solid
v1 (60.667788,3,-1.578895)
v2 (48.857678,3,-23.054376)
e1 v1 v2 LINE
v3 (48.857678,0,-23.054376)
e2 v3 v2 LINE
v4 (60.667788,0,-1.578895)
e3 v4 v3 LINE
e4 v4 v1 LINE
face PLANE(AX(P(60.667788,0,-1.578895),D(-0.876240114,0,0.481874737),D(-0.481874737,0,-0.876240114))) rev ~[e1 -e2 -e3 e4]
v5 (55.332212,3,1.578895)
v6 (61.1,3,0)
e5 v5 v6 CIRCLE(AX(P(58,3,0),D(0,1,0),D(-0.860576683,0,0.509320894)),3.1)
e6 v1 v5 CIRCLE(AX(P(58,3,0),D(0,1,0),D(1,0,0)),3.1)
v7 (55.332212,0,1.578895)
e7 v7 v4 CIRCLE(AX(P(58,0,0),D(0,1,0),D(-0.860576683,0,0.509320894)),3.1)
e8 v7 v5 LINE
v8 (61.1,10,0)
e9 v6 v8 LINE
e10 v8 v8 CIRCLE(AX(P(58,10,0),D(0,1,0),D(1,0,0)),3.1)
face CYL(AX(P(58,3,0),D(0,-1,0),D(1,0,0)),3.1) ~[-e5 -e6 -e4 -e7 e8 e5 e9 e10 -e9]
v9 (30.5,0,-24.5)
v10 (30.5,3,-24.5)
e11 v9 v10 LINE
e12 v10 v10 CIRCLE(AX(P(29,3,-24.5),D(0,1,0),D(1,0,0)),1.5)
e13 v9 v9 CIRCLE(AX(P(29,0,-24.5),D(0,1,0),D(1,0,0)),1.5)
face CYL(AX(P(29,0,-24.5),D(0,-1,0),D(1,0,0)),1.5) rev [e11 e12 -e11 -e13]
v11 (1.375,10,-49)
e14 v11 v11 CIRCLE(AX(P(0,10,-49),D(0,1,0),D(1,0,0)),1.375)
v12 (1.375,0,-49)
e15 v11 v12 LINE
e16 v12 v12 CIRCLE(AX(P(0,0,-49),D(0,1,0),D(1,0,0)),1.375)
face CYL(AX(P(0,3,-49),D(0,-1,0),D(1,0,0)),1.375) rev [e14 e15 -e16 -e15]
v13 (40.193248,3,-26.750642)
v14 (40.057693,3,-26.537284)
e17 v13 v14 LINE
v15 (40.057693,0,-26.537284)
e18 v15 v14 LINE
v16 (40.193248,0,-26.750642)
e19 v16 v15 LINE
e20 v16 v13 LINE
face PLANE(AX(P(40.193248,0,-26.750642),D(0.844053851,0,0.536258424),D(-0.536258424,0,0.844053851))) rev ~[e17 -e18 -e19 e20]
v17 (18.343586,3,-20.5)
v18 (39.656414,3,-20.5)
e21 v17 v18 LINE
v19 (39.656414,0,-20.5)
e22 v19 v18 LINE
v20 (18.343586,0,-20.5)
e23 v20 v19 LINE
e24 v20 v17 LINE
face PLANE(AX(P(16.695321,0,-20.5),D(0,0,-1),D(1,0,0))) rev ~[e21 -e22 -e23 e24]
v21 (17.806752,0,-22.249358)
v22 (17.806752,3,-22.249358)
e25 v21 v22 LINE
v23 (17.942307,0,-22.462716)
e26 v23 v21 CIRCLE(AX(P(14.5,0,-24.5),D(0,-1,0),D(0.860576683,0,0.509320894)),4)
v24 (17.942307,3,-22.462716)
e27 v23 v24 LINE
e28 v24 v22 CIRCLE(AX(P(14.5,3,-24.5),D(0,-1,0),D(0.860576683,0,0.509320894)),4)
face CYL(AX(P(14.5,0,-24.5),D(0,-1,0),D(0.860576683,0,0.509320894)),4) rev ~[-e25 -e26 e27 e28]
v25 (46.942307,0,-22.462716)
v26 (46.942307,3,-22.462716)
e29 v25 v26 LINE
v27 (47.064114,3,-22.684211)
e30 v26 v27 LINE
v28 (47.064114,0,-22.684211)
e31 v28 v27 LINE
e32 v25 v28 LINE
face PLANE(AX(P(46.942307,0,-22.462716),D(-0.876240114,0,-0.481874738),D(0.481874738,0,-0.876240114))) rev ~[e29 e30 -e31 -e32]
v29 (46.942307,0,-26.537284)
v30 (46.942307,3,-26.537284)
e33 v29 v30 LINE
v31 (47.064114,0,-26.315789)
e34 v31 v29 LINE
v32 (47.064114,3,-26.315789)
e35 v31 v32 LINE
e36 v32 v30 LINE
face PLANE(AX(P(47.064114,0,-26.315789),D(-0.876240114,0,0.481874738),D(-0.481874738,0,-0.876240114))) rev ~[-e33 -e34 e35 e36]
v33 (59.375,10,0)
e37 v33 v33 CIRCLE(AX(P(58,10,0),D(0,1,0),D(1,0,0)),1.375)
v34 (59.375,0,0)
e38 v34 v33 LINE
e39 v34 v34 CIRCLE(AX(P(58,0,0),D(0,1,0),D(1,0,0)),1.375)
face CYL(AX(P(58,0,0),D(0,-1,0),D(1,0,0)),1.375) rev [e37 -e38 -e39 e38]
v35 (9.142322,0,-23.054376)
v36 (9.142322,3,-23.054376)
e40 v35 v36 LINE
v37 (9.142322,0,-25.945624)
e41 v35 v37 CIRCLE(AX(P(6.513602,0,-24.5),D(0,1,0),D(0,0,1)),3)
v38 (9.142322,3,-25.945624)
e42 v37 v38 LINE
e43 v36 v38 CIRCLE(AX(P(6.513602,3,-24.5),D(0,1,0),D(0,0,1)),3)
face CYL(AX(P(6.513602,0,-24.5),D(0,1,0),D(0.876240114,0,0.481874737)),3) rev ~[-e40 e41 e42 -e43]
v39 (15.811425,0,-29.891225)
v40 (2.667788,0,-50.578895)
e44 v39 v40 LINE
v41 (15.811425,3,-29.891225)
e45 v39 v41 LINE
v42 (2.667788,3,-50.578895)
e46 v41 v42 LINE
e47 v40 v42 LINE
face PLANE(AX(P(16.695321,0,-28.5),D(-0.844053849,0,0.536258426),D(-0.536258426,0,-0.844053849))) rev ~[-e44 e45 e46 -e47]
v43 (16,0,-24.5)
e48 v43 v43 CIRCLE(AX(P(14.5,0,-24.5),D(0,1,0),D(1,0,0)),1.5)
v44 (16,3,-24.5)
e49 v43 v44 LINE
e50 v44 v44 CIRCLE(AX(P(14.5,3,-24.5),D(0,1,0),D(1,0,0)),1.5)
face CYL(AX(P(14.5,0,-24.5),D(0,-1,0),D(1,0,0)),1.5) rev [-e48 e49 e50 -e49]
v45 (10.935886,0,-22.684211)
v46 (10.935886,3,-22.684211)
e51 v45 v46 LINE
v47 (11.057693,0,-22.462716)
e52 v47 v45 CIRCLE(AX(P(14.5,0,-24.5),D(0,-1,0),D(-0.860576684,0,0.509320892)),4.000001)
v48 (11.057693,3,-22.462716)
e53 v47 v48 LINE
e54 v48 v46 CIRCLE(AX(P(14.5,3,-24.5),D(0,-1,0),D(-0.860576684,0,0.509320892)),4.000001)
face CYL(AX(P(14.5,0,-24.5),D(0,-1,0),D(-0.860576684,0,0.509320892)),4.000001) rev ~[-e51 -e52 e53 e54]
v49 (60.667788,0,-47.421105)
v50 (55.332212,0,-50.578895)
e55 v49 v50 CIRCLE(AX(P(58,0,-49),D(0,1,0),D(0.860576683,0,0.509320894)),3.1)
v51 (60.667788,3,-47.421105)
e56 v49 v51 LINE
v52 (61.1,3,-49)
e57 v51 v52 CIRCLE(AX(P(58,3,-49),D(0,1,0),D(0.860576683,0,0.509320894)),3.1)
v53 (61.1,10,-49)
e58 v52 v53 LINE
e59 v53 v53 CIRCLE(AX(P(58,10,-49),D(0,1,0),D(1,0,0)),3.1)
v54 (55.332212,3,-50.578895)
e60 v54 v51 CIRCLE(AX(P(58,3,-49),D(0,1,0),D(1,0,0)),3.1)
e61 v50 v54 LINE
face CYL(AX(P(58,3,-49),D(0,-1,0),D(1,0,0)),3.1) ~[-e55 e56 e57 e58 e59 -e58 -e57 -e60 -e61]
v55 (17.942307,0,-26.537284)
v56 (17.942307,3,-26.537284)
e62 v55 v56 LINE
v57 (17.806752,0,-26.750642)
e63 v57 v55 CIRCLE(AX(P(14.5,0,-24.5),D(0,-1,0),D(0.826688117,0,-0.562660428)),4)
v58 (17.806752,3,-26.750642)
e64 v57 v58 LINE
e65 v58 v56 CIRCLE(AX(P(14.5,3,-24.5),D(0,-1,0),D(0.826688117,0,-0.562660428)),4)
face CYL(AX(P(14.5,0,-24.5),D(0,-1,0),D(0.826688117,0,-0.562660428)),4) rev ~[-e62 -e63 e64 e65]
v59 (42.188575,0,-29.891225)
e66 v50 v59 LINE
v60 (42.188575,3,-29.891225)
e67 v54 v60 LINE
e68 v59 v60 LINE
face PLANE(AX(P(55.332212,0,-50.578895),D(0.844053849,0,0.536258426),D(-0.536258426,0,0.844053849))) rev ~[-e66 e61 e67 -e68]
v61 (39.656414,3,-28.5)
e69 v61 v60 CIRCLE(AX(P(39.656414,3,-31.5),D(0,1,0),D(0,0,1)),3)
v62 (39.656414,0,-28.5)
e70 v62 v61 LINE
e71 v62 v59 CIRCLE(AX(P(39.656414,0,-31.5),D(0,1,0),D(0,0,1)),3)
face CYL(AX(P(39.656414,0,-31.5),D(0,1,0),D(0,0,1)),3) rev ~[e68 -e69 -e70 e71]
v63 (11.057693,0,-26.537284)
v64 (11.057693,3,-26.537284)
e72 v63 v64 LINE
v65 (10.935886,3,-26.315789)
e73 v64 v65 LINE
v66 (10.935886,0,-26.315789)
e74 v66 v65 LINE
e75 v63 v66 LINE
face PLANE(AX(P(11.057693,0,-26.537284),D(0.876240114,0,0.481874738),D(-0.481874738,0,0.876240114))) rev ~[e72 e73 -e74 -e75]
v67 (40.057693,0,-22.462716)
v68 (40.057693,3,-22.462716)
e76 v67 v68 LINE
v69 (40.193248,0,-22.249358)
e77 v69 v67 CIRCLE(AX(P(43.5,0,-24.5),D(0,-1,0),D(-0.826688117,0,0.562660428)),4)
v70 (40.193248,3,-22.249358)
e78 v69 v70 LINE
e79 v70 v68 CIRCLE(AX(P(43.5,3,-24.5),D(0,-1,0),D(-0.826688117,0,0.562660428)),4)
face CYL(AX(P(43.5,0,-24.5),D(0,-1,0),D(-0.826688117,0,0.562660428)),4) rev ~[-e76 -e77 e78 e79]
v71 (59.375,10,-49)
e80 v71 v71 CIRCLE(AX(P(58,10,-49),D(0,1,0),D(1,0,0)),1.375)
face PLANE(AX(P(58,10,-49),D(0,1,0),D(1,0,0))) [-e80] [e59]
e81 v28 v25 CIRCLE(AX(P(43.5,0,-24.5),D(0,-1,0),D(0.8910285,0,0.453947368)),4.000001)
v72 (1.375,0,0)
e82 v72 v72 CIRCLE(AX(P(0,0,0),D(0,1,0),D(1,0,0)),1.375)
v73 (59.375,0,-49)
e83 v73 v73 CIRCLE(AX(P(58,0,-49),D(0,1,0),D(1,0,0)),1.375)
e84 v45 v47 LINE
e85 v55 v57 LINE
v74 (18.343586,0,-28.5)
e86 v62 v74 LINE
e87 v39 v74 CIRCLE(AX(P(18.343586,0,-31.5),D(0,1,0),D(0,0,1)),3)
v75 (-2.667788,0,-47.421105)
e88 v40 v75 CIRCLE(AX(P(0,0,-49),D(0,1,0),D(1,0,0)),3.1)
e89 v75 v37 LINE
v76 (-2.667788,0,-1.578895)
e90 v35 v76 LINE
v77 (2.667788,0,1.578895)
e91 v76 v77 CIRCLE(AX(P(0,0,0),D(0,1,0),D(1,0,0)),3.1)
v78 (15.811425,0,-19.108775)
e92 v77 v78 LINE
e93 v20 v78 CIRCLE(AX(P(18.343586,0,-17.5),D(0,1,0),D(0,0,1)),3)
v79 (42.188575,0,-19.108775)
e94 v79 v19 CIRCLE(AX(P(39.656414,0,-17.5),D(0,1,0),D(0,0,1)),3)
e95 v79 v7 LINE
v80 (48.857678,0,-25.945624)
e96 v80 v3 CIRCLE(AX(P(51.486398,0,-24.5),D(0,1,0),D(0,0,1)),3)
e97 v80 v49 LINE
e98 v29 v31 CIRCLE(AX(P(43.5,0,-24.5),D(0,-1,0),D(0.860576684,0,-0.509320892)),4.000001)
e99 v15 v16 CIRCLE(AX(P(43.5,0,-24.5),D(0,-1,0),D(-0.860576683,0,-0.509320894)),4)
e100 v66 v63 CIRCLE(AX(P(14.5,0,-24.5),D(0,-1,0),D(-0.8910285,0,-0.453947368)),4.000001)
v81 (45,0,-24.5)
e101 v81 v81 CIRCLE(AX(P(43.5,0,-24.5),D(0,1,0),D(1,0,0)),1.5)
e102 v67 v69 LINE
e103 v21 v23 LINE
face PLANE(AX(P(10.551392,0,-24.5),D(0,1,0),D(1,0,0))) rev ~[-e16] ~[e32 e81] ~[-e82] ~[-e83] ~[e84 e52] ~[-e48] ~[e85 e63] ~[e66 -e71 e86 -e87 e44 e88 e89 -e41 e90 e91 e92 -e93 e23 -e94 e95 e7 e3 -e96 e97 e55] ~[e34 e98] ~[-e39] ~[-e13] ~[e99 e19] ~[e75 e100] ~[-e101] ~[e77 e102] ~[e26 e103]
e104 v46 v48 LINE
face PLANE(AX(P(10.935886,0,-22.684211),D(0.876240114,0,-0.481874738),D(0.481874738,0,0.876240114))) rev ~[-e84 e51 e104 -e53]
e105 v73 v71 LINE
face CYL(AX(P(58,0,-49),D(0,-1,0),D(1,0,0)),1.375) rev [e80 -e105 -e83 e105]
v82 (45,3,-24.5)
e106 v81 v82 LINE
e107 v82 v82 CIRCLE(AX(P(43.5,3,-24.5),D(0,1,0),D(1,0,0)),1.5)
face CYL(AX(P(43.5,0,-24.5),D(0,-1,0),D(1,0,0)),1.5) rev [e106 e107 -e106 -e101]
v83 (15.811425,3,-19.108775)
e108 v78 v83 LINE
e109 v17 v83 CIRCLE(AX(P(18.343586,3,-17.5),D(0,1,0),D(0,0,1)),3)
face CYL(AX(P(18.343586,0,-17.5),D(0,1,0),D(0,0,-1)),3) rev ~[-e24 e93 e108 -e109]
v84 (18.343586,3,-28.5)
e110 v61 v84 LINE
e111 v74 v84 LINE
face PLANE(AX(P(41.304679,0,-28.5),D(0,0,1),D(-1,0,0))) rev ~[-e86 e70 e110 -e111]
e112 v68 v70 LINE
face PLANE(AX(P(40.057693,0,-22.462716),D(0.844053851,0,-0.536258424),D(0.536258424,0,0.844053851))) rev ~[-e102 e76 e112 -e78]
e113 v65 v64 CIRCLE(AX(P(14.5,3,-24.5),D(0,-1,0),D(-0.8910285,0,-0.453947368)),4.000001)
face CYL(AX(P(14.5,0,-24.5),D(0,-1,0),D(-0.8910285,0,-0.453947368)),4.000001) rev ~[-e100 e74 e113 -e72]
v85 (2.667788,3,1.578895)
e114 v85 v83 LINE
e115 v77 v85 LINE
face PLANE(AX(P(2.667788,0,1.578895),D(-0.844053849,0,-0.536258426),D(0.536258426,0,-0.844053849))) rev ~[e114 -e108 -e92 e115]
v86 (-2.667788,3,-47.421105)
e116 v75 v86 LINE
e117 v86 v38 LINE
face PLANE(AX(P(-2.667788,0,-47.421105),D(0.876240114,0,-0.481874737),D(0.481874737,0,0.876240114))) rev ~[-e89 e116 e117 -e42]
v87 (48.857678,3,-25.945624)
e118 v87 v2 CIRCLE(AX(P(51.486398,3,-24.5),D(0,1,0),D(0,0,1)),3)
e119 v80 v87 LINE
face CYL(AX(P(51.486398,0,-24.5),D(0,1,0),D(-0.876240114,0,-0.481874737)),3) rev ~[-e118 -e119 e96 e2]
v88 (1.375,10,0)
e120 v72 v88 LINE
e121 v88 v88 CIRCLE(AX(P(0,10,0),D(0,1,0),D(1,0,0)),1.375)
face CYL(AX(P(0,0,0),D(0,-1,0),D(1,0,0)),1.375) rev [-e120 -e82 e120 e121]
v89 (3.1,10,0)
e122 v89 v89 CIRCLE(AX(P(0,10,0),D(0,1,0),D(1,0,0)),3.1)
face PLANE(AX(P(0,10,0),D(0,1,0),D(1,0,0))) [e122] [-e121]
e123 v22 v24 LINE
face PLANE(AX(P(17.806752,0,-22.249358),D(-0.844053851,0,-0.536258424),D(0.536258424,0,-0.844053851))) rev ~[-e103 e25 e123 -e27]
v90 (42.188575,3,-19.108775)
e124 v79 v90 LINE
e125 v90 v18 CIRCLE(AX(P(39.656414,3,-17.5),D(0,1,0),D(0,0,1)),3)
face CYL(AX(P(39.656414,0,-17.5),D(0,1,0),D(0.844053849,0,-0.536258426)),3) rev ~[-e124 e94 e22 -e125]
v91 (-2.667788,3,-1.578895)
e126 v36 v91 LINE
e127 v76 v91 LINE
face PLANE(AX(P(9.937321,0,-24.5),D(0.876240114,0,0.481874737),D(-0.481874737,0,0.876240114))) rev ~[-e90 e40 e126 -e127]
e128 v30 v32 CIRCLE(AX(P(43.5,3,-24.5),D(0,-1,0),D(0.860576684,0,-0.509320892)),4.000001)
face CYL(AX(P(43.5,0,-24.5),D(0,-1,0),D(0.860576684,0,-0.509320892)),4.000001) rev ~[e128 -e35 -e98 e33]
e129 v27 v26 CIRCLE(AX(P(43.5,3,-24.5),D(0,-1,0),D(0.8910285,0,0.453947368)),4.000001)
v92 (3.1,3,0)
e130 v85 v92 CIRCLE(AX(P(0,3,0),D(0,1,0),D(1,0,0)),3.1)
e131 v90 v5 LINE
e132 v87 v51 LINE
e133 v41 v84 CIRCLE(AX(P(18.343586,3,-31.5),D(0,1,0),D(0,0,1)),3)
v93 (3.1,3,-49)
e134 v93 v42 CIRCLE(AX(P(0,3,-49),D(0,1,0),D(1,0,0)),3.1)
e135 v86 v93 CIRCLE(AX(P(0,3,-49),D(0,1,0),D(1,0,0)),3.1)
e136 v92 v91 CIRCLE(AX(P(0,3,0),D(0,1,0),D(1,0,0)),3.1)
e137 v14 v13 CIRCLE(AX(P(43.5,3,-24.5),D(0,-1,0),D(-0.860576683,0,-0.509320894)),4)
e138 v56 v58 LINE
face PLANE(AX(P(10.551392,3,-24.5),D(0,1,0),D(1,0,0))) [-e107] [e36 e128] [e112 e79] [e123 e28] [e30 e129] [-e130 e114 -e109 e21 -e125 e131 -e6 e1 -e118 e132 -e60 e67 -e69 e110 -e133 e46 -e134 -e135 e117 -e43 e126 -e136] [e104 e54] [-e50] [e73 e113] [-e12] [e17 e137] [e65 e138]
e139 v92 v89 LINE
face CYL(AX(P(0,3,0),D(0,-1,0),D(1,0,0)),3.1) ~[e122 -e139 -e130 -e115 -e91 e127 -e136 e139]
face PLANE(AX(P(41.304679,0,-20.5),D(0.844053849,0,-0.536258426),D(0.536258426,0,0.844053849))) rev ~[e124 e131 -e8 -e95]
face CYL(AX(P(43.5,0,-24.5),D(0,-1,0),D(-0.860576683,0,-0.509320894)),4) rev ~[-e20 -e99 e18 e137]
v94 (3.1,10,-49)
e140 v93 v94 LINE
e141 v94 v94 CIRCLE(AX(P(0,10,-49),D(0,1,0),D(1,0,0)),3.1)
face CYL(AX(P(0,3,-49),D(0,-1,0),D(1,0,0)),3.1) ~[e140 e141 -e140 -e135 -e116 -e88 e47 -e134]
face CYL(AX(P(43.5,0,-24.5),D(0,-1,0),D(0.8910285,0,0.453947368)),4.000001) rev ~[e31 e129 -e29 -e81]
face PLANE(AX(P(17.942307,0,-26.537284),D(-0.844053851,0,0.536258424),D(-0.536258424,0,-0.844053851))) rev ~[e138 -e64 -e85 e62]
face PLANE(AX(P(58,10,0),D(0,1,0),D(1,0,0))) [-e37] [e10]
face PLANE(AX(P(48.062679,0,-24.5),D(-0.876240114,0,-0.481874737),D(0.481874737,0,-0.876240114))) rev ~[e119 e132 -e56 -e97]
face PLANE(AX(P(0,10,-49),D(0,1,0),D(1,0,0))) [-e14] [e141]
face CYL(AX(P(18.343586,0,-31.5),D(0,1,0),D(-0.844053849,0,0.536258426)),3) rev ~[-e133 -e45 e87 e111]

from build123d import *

# Parameters (mm, degrees)
SKETCH1_R           = 1.5
SKETCH1_R_2         = 4
SKETCH1_R_3         = 3.1
SKETCH1_R_4         = 1.375
BOSS_EXTRUDE1_DEPTH = 3
SKETCH2_R           = 3.1
SKETCH2_R_2         = 1.375
BOSS_EXTRUDE2_DEPTH = 7
FILLET4_R           = 3


with BuildPart() as part:
    # Sketch1 → Boss-Extrude1 (new body)
    with BuildSketch(Plane(origin=(0, 0, 0), x_dir=(1, 0, 0), z_dir=(0, 1, 0))):
        with BuildLine():
            ThreePointArc((10.93588599, 22.68421055), (10.5, 24.5), (10.93588599, 26.31578945))
            Line((10.93588599, 26.31578945), (9.937320588, 24.5))
            Line((9.937320588, 24.5), (10.93588599, 22.68421055))
        make_face()
        with BuildLine():
            Line((16.695320866, 28.5), (14.5, 28.5))
            ThreePointArc((14.5, 28.5), (16.370485645, 28.035715409), (17.806752459, 26.750641726))
            Line((17.806752459, 26.750641726), (16.695320866, 28.5))
        make_face()
        with BuildLine():
            Line((14.5, 20.5), (16.695320866, 20.5))
            Line((16.695320866, 20.5), (17.806752459, 22.249358274))
            ThreePointArc((17.806752459, 22.249358274), (16.370485645, 20.964284591), (14.5, 20.5))
        make_face()
        with BuildLine():
            ThreePointArc((17.806752459, 26.750641726), (16.370485645, 28.035715409), (14.5, 28.5))
            ThreePointArc((14.5, 28.5), (12.518729486, 27.974847788), (11.057693269, 26.537283576))
            Line((11.057693269, 26.537283576), (10.93588599, 26.31578945))
            ThreePointArc((10.93588599, 26.31578945), (10.5, 24.5), (10.93588599, 22.68421055))
            Line((10.93588599, 22.68421055), (11.057693269, 22.462716424))
            ThreePointArc((11.057693269, 22.462716424), (12.518729486, 21.025152212), (14.5, 20.5))
            ThreePointArc((14.5, 20.5), (16.370485645, 20.964284591), (17.806752459, 22.249358274))
            Line((17.806752459, 22.249358274), (17.942306731, 22.462716424))
            ThreePointArc((17.942306731, 22.462716424), (18.35805825, 23.443881381), (18.5, 24.5))
            ThreePointArc((18.5, 24.5), (18.35805825, 25.556118619), (17.942306731, 26.537283576))
            Line((17.942306731, 26.537283576), (17.806752459, 26.750641726))
        make_face()
        with Locations((14.5, 24.5)):
            Circle(SKETCH1_R, mode=Mode.SUBTRACT)
        with BuildLine():
            Line((29, 28.5), (16.695320866, 28.5))
            Line((16.695320866, 28.5), (17.806752459, 26.750641726))
            ThreePointArc((17.806752459, 26.750641726), (17.876215398, 26.645033703), (17.942306731, 26.537283576))
            ThreePointArc((17.942306731, 26.537283576), (18.35805825, 25.556118619), (18.5, 24.5))
            ThreePointArc((18.5, 24.5), (18.35805825, 23.443881381), (17.942306731, 22.462716424))
            ThreePointArc((17.942306731, 22.462716424), (17.876215398, 22.354966297), (17.806752459, 22.249358274))
            Line((17.806752459, 22.249358274), (16.695320866, 20.5))
            Line((16.695320866, 20.5), (29, 20.5))
            ThreePointArc((29, 20.5), (25, 24.5), (29, 28.5))
        make_face()
        with Locations((29, 24.5)):
            Circle(SKETCH1_R_2)
        with Locations((29, 24.5)):
            Circle(SKETCH1_R, mode=Mode.SUBTRACT)
        with BuildLine():
            Line((41.304679134, 28.5), (29, 28.5))
            ThreePointArc((29, 28.5), (31.828427125, 27.328427125), (33, 24.5))
            ThreePointArc((33, 24.5), (31.828427125, 21.671572875), (29, 20.5))
            Line((29, 20.5), (41.304679134, 20.5))
            Line((41.304679134, 20.5), (40.193247541, 22.249358274))
            ThreePointArc((40.193247541, 22.249358274), (40.123784602, 22.354966297), (40.057693269, 22.462716424))
            ThreePointArc((40.057693269, 22.462716424), (39.5, 24.5), (40.057693269, 26.537283576))
            ThreePointArc((40.057693269, 26.537283576), (40.123784602, 26.645033703), (40.193247541, 26.750641726))
            Line((40.193247541, 26.750641726), (41.304679134, 28.5))
        make_face()
        with BuildLine():
            Line((40.193247541, 22.249358274), (41.304679134, 20.5))
            Line((41.304679134, 20.5), (43.5, 20.5))
            ThreePointArc((43.5, 20.5), (41.629514355, 20.964284591), (40.193247541, 22.249358274))
        make_face()
        with BuildLine():
            Line((43.5, 28.5), (41.304679134, 28.5))
            Line((41.304679134, 28.5), (40.193247541, 26.750641726))
            ThreePointArc((40.193247541, 26.750641726), (41.629514355, 28.035715409), (43.5, 28.5))
        make_face()
        with BuildLine():
            Line((48.062679412, 24.5), (47.06411401, 26.31578945))
            ThreePointArc((47.06411401, 26.31578945), (47.389502284, 25.433687303), (47.5, 24.5))
            ThreePointArc((47.5, 24.5), (47.389502284, 23.566312697), (47.06411401, 22.68421055))
            Line((47.06411401, 22.68421055), (48.062679412, 24.5))
        make_face()
        with BuildLine():
            ThreePointArc((46.942306731, 26.537283576), (45.481270514, 27.974847788), (43.5, 28.5))
            ThreePointArc((43.5, 28.5), (41.629514355, 28.035715409), (40.193247541, 26.750641726))
            Line((40.193247541, 26.750641726), (40.057693269, 26.537283576))
            ThreePointArc((40.057693269, 26.537283576), (39.5, 24.5), (40.057693269, 22.462716424))
            Line((40.057693269, 22.462716424), (40.193247541, 22.249358274))
            ThreePointArc((40.193247541, 22.249358274), (41.629514355, 20.964284591), (43.5, 20.5))
            ThreePointArc((43.5, 20.5), (45.481270514, 21.025152212), (46.942306731, 22.462716424))
            Line((46.942306731, 22.462716424), (47.06411401, 22.68421055))
            ThreePointArc((47.06411401, 22.68421055), (47.389502284, 23.566312697), (47.5, 24.5))
            ThreePointArc((47.5, 24.5), (47.389502284, 25.433687303), (47.06411401, 26.31578945))
            Line((47.06411401, 26.31578945), (46.942306731, 26.537283576))
        make_face()
        with Locations((43.5, 24.5)):
            Circle(SKETCH1_R, mode=Mode.SUBTRACT)
        with BuildLine():
            Line((43.5, 20.5), (41.304679134, 20.5))
            Line((41.304679134, 20.5), (55.332212283, -1.578894771))
            ThreePointArc((55.332212283, -1.578894771), (56.421105229, 2.667787717), (60.667787717, 1.578894771))
            Line((60.667787717, 1.578894771), (48.062679412, 24.5))
            Line((48.062679412, 24.5), (47.06411401, 22.68421055))
            ThreePointArc((47.06411401, 22.68421055), (47.004960458, 22.572501054), (46.942306731, 22.462716424))
            ThreePointArc((46.942306731, 22.462716424), (45.481270514, 21.025152212), (43.5, 20.5))
        make_face()
        with BuildLine():
            Line((55.332212283, 50.578894771), (41.304679134, 28.5))
            Line((41.304679134, 28.5), (43.5, 28.5))
            ThreePointArc((43.5, 28.5), (45.481270514, 27.974847788), (46.942306731, 26.537283576))
            ThreePointArc((46.942306731, 26.537283576), (47.004960458, 26.427498946), (47.06411401, 26.31578945))
            Line((47.06411401, 26.31578945), (48.062679412, 24.5))
            Line((48.062679412, 24.5), (60.667787717, 47.421105229))
            ThreePointArc((60.667787717, 47.421105229), (56.421105229, 46.332212283), (55.332212283, 50.578894771))
        make_face()
        with BuildLine():
            Line((10.93588599, 22.68421055), (9.937320588, 24.5))
            Line((9.937320588, 24.5), (-2.667787717, 1.578894771))
            ThreePointArc((-2.667787717, 1.578894771), (0.81849193, 2.989995144), (3.1, 0))
            ThreePointArc((3.1, 0), (2.989995144, -0.81849193), (2.667787717, -1.578894771))
            Line((2.667787717, -1.578894771), (16.695320866, 20.5))
            Line((16.695320866, 20.5), (14.5, 20.5))
            ThreePointArc((14.5, 20.5), (12.518729486, 21.025152212), (11.057693269, 22.462716424))
            ThreePointArc((11.057693269, 22.462716424), (10.995039542, 22.572501054), (10.93588599, 22.68421055))
        make_face()
        Circle(SKETCH1_R_3)
        Circle(SKETCH1_R_4, mode=Mode.SUBTRACT)
        with Locations((0, 49)):
            Circle(SKETCH1_R_3)
        with Locations((0, 49)):
            Circle(SKETCH1_R_4, mode=Mode.SUBTRACT)
        with BuildLine():
            ThreePointArc((11.057693269, 26.537283576), (12.518729486, 27.974847788), (14.5, 28.5))
            Line((14.5, 28.5), (16.695320866, 28.5))
            Line((16.695320866, 28.5), (2.667787717, 50.578894771))
            ThreePointArc((2.667787717, 50.578894771), (2.989995144, 49.81849193), (3.1, 49))
            ThreePointArc((3.1, 49), (0.81849193, 46.010004856), (-2.667787717, 47.421105229))
            Line((-2.667787717, 47.421105229), (9.937320588, 24.5))
            Line((9.937320588, 24.5), (10.93588599, 26.31578945))
            ThreePointArc((10.93588599, 26.31578945), (10.995039542, 26.427498946), (11.057693269, 26.537283576))
        make_face()
        with Locations((58, 49)):
            Circle(SKETCH1_R_3)
        with Locations((58, 49)):
            Circle(SKETCH1_R_4, mode=Mode.SUBTRACT)
        with Locations((58, 0)):
            Circle(SKETCH1_R_3)
        with Locations((58, 0)):
            Circle(SKETCH1_R_4, mode=Mode.SUBTRACT)
    extrude(amount=BOSS_EXTRUDE1_DEPTH)

    # Sketch2 → Boss-Extrude2 (add)
    with BuildSketch(Plane(origin=(0, 3, 0), x_dir=(1, 0, 0), z_dir=(0, 1, 0))):
        with Locations((0, 49)):
            Circle(SKETCH2_R)
        with Locations((0, 49)):
            Circle(SKETCH2_R_2, mode=Mode.SUBTRACT)
        with Locations((58, 49)):
            Circle(SKETCH2_R)
        with Locations((58, 49)):
            Circle(SKETCH2_R_2, mode=Mode.SUBTRACT)
        with Locations((58, 0)):
            Circle(SKETCH2_R)
        with Locations((58, 0)):
            Circle(SKETCH2_R_2, mode=Mode.SUBTRACT)
        Circle(SKETCH2_R)
        Circle(SKETCH2_R_2, mode=Mode.SUBTRACT)
    extrude(amount=BOSS_EXTRUDE2_DEPTH)

    # Fillet4
    fillet4_edges = [part.edges().sort_by_distance(p)[0] for p in [
        (41.304679134, 1.5, -20.5),
        (16.695320866, 1.5, -20.5),
        (9.937320588, 1.5, -24.5),
        (16.695320866, 1.5, -28.5),
        (41.304679134, 1.5, -28.5),
        (48.062679412, 1.5, -24.5),
    ]]
    fillet(fillet4_edges, radius=FILLET4_R)


solid = part.part
